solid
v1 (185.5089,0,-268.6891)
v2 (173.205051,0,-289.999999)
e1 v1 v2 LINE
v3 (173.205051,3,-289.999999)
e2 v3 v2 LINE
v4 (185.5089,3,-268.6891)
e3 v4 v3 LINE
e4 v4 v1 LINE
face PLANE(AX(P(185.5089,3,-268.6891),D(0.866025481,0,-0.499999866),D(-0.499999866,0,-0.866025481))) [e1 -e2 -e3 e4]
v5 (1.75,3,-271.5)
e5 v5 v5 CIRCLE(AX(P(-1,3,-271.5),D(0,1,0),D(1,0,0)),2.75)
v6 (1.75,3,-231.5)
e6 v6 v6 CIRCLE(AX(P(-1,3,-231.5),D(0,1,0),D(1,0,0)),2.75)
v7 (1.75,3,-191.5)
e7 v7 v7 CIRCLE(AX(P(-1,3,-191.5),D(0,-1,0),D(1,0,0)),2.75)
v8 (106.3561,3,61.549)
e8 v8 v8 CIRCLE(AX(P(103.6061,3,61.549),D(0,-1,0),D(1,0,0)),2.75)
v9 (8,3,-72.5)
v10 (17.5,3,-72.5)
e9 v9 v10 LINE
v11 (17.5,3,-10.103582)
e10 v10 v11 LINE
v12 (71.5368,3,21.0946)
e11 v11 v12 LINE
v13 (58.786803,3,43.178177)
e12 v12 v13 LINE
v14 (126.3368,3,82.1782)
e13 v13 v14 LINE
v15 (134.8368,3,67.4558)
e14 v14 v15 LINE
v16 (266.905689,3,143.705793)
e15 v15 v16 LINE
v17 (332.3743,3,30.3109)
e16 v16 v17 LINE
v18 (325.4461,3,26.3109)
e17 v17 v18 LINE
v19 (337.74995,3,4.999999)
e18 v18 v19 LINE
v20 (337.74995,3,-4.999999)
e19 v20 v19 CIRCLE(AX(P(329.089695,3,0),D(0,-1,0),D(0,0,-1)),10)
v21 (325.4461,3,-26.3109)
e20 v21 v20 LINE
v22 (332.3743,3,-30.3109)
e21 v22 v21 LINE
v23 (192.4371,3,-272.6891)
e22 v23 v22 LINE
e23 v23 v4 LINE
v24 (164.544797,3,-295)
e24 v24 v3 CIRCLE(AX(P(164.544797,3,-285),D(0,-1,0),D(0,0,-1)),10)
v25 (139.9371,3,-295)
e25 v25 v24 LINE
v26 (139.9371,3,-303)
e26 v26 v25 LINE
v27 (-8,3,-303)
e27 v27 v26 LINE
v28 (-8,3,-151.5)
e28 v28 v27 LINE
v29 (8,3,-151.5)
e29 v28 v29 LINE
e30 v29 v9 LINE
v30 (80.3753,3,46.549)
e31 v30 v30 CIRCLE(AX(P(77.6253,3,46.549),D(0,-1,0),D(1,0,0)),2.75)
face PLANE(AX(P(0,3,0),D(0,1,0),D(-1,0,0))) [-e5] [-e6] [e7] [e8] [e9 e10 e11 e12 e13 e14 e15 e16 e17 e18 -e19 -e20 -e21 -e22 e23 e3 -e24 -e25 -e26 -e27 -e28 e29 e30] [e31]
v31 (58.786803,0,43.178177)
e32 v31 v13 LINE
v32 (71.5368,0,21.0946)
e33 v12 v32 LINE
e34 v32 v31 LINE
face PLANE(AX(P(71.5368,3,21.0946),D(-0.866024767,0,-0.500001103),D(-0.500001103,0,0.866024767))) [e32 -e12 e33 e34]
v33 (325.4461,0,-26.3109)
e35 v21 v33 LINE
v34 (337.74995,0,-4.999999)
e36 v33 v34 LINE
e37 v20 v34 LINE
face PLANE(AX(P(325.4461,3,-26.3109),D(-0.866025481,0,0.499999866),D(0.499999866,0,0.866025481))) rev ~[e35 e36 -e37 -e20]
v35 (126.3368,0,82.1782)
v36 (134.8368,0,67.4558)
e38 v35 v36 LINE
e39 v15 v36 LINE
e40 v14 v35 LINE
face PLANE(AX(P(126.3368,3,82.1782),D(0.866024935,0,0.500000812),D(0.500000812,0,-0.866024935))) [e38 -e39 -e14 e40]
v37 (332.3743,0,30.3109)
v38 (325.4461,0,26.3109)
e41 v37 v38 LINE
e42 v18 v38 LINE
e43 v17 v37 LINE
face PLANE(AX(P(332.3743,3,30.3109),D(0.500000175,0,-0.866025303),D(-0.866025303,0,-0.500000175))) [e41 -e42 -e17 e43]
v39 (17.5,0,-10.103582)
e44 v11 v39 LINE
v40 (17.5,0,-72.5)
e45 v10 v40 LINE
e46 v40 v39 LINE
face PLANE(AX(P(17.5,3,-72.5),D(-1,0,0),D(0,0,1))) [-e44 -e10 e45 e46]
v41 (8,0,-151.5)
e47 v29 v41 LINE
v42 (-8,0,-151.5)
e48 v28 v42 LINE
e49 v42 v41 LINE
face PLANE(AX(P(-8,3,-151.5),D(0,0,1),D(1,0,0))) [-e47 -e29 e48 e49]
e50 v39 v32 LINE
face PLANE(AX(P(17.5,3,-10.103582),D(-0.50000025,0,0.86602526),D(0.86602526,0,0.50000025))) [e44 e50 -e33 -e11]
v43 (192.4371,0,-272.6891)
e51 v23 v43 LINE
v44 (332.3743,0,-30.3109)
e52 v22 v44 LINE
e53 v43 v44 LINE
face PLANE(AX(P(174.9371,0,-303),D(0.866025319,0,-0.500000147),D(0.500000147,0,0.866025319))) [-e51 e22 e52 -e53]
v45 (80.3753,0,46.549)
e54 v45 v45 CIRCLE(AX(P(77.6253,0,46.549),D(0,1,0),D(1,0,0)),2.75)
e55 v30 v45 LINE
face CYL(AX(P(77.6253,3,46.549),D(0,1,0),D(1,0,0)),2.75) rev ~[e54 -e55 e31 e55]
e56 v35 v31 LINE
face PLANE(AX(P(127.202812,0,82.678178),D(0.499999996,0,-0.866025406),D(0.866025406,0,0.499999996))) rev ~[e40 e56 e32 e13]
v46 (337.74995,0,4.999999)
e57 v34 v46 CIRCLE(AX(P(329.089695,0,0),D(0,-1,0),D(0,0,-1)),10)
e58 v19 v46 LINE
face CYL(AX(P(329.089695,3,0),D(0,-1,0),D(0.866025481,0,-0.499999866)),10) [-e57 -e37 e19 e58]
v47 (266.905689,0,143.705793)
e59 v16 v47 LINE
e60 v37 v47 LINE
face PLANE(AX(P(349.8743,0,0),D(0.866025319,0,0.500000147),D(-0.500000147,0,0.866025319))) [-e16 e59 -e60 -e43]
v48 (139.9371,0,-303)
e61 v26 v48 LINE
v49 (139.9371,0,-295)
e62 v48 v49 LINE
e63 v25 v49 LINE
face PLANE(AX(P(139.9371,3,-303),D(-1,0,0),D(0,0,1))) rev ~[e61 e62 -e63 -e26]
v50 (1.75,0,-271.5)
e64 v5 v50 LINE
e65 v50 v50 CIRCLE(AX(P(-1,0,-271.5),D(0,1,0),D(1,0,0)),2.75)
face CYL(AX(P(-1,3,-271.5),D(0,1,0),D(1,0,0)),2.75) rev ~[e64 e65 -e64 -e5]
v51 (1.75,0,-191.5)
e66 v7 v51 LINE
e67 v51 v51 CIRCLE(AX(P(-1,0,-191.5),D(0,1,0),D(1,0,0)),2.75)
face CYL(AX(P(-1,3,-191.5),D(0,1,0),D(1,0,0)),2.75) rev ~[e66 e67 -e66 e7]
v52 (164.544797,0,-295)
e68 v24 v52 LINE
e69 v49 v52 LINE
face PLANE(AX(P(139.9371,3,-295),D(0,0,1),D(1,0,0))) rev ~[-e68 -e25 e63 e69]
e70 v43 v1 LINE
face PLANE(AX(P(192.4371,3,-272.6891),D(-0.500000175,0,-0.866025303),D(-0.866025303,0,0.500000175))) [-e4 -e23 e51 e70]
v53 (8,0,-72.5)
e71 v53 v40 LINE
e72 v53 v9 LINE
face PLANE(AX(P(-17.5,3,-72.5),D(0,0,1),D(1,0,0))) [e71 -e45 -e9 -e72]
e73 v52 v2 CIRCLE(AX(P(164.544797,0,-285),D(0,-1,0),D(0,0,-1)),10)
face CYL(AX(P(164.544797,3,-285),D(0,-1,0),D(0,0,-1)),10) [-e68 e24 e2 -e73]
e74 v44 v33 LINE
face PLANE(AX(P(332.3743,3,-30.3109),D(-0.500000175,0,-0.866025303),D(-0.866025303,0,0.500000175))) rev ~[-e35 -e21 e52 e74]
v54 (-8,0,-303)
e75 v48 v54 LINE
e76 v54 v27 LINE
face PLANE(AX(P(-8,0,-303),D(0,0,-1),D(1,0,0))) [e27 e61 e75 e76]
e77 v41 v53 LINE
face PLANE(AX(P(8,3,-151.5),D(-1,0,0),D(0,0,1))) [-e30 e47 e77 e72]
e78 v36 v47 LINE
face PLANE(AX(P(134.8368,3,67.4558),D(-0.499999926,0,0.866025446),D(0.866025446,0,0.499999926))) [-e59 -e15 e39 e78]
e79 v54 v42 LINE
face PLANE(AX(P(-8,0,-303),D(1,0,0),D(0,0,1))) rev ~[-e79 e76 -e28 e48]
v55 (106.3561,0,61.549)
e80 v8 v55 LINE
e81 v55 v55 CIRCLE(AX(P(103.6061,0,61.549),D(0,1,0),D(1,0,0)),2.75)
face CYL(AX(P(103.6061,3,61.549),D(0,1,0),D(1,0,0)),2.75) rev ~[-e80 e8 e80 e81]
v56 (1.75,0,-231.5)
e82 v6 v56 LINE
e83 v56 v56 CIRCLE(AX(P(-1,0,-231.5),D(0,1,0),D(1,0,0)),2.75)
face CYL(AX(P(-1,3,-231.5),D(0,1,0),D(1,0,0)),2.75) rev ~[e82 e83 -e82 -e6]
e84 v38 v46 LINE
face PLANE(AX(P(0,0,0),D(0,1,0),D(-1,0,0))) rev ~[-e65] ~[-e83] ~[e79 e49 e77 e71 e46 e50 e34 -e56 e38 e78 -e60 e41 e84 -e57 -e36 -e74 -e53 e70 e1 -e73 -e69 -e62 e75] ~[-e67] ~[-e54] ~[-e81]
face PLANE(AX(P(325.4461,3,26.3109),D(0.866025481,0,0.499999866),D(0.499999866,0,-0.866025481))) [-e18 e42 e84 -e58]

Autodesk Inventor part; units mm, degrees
ref_plane "YZ Plane" through (0, 0, 0) normal (1, 0, 0) x (0, 1, 0)
ref_plane "XZ Plane" through (0, 0, 0) normal (0, 1, 0) x (-1, 0, 0)
ref_plane "XY Plane" through (0, 0, 0) normal (0, 0, 1) x (1, 0, 0)
sketch "Sketch1" plane through (0, 0, 0) normal (0, 1, 0) x (-1, 0, 0)
  line L0 (349.8743, 0) -> (258.4057, -158.4282)
  line L1 (174.9371, -303) -> (-174.9371, -303)
  line L2 (-174.9371, -303) -> (-349.8743, 0)
  line L3 (-349.8743, 0) -> (-174.9371, 303)
  line L4 (-174.9371, 303) -> (174.9371, 303)
  line L5 (258.4057, 158.4282) -> (349.8743, 0)
  line L6 (0, 0) -> (-8, 0)
  line L7 (-8, 0) -> (-8, -303)
  line L8 (-8, -303) -> (8, -303)
  line L9 (8, -303) -> (8, 0)
  line L10 (8, 0) -> (-8, 0)
  circle A0 centre (0, 0) radius 2.5
  line L11 (258.4057, 158.4282) -> (-4, 6.9282)
  line L12 (4, -6.9282) -> (266.4057, 144.5718)
  line L13 (-4, 6.9282) -> (4, -6.9282)
  line L14 (-266.4057, 144.5718) -> (-4, -6.9282)
  line L15 (4, 6.9282) -> (-258.4057, 158.4282)
  line L16 (-4, -6.9282) -> (4, 6.9282)
  line L17 (8, -4.6188) -> (8, -151.5)
  line L18 (8, -151.5) -> (-8, -151.5)
  line L19 (-8, -151.5) -> (-8, -303)
  line L20 (-8, -4.6188) -> (-4, -6.9282)
  line L21 (4, -6.9282) -> (-4, -6.9282)
  line L22 (-266.4057, 144.5718) -> (-258.4057, 158.4282)
  line L23 (-127.2028, 82.6782) -> (-135.2028, 68.8218)
  line L24 (-135.2028, 68.8218) -> (-8, -4.6188)
  line L25 (-266.4057, 144.5718) -> (-349.8743, 0)
  line L26 (-174.9371, -303) -> (-349.8743, 0)
  line L27 (-174.9371, -303) -> (-8, -303)
  line L28 (0, 9.2376) -> (8, 0)
  dimension "d0" = 303
  dimension "d1" = 303
  dimension "d2" = 8
  dimension "d3" = 16
  dimension "d4" = 5
  dimension "d7" = 360
extrude "Extrusion1" add sketch "Sketch1" along normal blind 3 contours L1 L7 L18 L9 | L1 L2 L3 L14 L7 | L18 L7 L14 L21 L12 L9 | L12 L13 A0 L10 L9 | L14 L23 L15 L11 L13 A0 L6 L7 | L7 L6 A0 L16 L14 | L10 A0 L16 L28 | L21 L16 A0 L13 | L3 L15 L23 L14 | A0 L13 L10 | L10 L16 A0 | L28 L15 L16 | L16 A0 L13 L11 L28 | A0 L16 L13 | A0 L13 L6 | L6 L16 A0 | L13 A0 L16
sketch "Sketch2" plane through (0, 3, 0) normal (0, 1, 0) x (1, 0, 0)
  line L0 (-8, 303) -> (-8, 0) projected
  line L1 (-8, 0) -> (-8, 151.5)
  line L2 (-8, 151.5) -> (8, 151.5)
  line L3 (8, 151.5) -> (8, 0)
  line L4 (8, 0) -> (-8, 0)
  line L5 (0, -9.2376) -> (258.4057, -158.4282) projected
  line L6 (258.4057, -158.4282) -> (126.3368, -82.1782)
  line L7 (126.3368, -82.1782) -> (134.8368, -67.4558)
  line L8 (134.8368, -67.4558) -> (266.9057, -143.7058)
  line L9 (266.9057, -143.7058) -> (258.4057, -158.4282)
  point P0 (0, 0)
  dimension "d11" = 151.5
  dimension "d12" = 16
  dimension "d13" = 152.5
  dimension "d14" = 17
extrude "Extrusion2" cut sketch "Sketch2" against normal blind 3
sketch "Sketch3" plane through (0, 3, 0) normal (0, 1, 0) x (1, 0, 0)
  line L0 (174.9371, 303) -> (-8, 303) projected
  line L1 (174.9371, 303) -> (139.9371, 303)
  line L2 (139.9371, 303) -> (139.9371, 295)
  line L3 (139.9371, 295) -> (174.9371, 295)
  line L4 (174.9371, 295) -> (174.9371, 303)
  line L5 (349.8743, 0) -> (174.9371, 303) projected
  line L6 (174.9371, 303) -> (192.4371, 272.6891)
  line L7 (192.4371, 272.6891) -> (185.5089, 268.6891)
  line L8 (185.5089, 268.6891) -> (168.0089, 299)
  line L9 (168.0089, 299) -> (174.9371, 303)
  line L10 (349.8743, 0) -> (332.3743, 30.3109)
  line L11 (332.3743, 30.3109) -> (325.4461, 26.3109)
  line L12 (325.4461, 26.3109) -> (342.9461, -4)
  line L13 (342.9461, -4) -> (349.8743, 0)
  line L14 (349.8743, 0) -> (332.3743, -30.3109)
  line L15 (332.3743, -30.3109) -> (325.4461, -26.3109)
  line L16 (325.4461, -26.3109) -> (342.9461, 4)
  line L17 (342.9461, 4) -> (349.8743, 0)
  line L18 (349.8743, 0) -> (266.9057, -143.7058) projected
  line L19 (349.8743, 0) -> (384.8743, 0) construction
  point P0 (0, 0)
  dimension "d17" = 35
  dimension "d18" = 8
  dimension "d19" = 35
  dimension "d20" = 8
  dimension "d21" = 35
  dimension "d22" = 8
  dimension "d23" = 35
  dimension "d24" = 120
  dimension "d25" = 8
extrude "Extrusion3" cut sketch "Sketch3" against normal blind 3
sketch "Sketch4" plane through (0, 3, 0) normal (0, 1, 0) x (1, 0, 0)
  line L0 (-54.0368, 51.4054) -> (71.5368, -21.0946)
  line L1 (71.5368, -21.0946) -> (54.0368, -51.4054)
  line L2 (54.0368, -51.4054) -> (-71.5368, 21.0946)
  line L3 (-71.5368, 21.0946) -> (-54.0368, 51.4054)
  line L4 (-54.0368, 51.4054) -> (54.0368, -51.4054) construction
  line L5 (71.5368, -21.0946) -> (-71.5368, 21.0946) construction
  line L6 (-54.0368, 51.4054) -> (90.9632, 51.4054) construction
  line L7 (-17.5, -72.5) -> (-17.5, 72.5)
  line L8 (-17.5, 72.5) -> (17.5, 72.5)
  line L9 (17.5, 72.5) -> (17.5, -72.5)
  line L10 (17.5, -72.5) -> (-17.5, -72.5)
  line L11 (-17.5, -72.5) -> (17.5, 72.5) construction
  line L12 (-17.5, 72.5) -> (17.5, -72.5) construction
  line L13 (-8, 0) -> (8, 0) projected
  line L14 (-17.5, -72.5) -> (127.5, -72.5) construction
  point P0 (0, 0)
  dimension "d28" = 145
  dimension "d29" = 30
  dimension "d30" = 35
  dimension "d31" = 145
  dimension "d32" = 90
  dimension "d33" = 35
extrude "Extrusion4" cut sketch "Sketch4" against normal blind 3
sketch "Sketch5" plane through (0, 3, 0) normal (0, 1, 0) x (1, 0, 0)
  line L0 (-1, 151.5) -> (-1, 191.5)
  circle A0 centre (-1, 191.5) radius 2.75
  circle A1 centre (-1, 231.5) radius 2.75
  circle A2 centre (-1, 271.5) radius 2.75
  circle A3 centre (0, 0) radius 0.5
  line L1 (126.3368, -82.1782) -> (134.8368, -67.4558) projected
  line L2 (126.3368, -82.1782) -> (129.5868, -76.549)
  line L3 (129.5868, -76.549) -> (103.6061, -61.549)
  line L4 (103.6061, -61.549) -> (77.6253, -46.549)
  circle A4 centre (103.6061, -61.549) radius 2.75
  circle A5 centre (77.6253, -46.549) radius 2.75
  line L5 (-8, 303) -> (-8, 151.5) projected
  dimension "d36" = 40
  dimension "d37" = 5.5
  dimension "d40" = 40
  dimension "d45" = 1
  dimension "d46" = 6.5
  dimension "d47" = 30
  dimension "d48" = 30
  dimension "d49" = 5.5
  dimension "d50" = 5.5
  dimension "d53" = 7
extrude "Extrusion5" cut sketch "Sketch5" against normal blind 3 contours A0 | A1 | A2 | A4 L4 L3 | A5 | L3 L4 A4
sketch "Sketch6" plane through (0, 3, 0) normal (0, 1, 0) x (1, 0, 0)
  line L0 (-8, 303) -> (-8, 151.5) projected
  line L1 (-8, 303) -> (344, 303)
  line L2 (344, 303) -> (344, -147)
  line L3 (344, -147) -> (-8, -147)
  line L4 (-8, -147) -> (-8, 303)
  point P0 (0, 0)
  dimension "d54" = 352
  dimension "d55" = 450
sketch "Sketch7" plane through (0, 3, 0) normal (0, 1, 0) x (1, 0, 0)
  line L0 (139.9371, 303) -> (-8, 303) projected
  line L1 (-8, 303) -> (343, 303)
  line L2 (343, 303) -> (343, -144)
  line L3 (343, -144) -> (-8, -144)
  line L4 (-8, -144) -> (-8, 303)
  point P0 (0, 0)
  dimension "d56" = 351
  dimension "d57" = 447
fillet "Fillet1" radius 10 2 edges at (340.6367, 1.5, 0) (170.3183, 1.5, -295)
properties part number "Acrylic_bottom"
